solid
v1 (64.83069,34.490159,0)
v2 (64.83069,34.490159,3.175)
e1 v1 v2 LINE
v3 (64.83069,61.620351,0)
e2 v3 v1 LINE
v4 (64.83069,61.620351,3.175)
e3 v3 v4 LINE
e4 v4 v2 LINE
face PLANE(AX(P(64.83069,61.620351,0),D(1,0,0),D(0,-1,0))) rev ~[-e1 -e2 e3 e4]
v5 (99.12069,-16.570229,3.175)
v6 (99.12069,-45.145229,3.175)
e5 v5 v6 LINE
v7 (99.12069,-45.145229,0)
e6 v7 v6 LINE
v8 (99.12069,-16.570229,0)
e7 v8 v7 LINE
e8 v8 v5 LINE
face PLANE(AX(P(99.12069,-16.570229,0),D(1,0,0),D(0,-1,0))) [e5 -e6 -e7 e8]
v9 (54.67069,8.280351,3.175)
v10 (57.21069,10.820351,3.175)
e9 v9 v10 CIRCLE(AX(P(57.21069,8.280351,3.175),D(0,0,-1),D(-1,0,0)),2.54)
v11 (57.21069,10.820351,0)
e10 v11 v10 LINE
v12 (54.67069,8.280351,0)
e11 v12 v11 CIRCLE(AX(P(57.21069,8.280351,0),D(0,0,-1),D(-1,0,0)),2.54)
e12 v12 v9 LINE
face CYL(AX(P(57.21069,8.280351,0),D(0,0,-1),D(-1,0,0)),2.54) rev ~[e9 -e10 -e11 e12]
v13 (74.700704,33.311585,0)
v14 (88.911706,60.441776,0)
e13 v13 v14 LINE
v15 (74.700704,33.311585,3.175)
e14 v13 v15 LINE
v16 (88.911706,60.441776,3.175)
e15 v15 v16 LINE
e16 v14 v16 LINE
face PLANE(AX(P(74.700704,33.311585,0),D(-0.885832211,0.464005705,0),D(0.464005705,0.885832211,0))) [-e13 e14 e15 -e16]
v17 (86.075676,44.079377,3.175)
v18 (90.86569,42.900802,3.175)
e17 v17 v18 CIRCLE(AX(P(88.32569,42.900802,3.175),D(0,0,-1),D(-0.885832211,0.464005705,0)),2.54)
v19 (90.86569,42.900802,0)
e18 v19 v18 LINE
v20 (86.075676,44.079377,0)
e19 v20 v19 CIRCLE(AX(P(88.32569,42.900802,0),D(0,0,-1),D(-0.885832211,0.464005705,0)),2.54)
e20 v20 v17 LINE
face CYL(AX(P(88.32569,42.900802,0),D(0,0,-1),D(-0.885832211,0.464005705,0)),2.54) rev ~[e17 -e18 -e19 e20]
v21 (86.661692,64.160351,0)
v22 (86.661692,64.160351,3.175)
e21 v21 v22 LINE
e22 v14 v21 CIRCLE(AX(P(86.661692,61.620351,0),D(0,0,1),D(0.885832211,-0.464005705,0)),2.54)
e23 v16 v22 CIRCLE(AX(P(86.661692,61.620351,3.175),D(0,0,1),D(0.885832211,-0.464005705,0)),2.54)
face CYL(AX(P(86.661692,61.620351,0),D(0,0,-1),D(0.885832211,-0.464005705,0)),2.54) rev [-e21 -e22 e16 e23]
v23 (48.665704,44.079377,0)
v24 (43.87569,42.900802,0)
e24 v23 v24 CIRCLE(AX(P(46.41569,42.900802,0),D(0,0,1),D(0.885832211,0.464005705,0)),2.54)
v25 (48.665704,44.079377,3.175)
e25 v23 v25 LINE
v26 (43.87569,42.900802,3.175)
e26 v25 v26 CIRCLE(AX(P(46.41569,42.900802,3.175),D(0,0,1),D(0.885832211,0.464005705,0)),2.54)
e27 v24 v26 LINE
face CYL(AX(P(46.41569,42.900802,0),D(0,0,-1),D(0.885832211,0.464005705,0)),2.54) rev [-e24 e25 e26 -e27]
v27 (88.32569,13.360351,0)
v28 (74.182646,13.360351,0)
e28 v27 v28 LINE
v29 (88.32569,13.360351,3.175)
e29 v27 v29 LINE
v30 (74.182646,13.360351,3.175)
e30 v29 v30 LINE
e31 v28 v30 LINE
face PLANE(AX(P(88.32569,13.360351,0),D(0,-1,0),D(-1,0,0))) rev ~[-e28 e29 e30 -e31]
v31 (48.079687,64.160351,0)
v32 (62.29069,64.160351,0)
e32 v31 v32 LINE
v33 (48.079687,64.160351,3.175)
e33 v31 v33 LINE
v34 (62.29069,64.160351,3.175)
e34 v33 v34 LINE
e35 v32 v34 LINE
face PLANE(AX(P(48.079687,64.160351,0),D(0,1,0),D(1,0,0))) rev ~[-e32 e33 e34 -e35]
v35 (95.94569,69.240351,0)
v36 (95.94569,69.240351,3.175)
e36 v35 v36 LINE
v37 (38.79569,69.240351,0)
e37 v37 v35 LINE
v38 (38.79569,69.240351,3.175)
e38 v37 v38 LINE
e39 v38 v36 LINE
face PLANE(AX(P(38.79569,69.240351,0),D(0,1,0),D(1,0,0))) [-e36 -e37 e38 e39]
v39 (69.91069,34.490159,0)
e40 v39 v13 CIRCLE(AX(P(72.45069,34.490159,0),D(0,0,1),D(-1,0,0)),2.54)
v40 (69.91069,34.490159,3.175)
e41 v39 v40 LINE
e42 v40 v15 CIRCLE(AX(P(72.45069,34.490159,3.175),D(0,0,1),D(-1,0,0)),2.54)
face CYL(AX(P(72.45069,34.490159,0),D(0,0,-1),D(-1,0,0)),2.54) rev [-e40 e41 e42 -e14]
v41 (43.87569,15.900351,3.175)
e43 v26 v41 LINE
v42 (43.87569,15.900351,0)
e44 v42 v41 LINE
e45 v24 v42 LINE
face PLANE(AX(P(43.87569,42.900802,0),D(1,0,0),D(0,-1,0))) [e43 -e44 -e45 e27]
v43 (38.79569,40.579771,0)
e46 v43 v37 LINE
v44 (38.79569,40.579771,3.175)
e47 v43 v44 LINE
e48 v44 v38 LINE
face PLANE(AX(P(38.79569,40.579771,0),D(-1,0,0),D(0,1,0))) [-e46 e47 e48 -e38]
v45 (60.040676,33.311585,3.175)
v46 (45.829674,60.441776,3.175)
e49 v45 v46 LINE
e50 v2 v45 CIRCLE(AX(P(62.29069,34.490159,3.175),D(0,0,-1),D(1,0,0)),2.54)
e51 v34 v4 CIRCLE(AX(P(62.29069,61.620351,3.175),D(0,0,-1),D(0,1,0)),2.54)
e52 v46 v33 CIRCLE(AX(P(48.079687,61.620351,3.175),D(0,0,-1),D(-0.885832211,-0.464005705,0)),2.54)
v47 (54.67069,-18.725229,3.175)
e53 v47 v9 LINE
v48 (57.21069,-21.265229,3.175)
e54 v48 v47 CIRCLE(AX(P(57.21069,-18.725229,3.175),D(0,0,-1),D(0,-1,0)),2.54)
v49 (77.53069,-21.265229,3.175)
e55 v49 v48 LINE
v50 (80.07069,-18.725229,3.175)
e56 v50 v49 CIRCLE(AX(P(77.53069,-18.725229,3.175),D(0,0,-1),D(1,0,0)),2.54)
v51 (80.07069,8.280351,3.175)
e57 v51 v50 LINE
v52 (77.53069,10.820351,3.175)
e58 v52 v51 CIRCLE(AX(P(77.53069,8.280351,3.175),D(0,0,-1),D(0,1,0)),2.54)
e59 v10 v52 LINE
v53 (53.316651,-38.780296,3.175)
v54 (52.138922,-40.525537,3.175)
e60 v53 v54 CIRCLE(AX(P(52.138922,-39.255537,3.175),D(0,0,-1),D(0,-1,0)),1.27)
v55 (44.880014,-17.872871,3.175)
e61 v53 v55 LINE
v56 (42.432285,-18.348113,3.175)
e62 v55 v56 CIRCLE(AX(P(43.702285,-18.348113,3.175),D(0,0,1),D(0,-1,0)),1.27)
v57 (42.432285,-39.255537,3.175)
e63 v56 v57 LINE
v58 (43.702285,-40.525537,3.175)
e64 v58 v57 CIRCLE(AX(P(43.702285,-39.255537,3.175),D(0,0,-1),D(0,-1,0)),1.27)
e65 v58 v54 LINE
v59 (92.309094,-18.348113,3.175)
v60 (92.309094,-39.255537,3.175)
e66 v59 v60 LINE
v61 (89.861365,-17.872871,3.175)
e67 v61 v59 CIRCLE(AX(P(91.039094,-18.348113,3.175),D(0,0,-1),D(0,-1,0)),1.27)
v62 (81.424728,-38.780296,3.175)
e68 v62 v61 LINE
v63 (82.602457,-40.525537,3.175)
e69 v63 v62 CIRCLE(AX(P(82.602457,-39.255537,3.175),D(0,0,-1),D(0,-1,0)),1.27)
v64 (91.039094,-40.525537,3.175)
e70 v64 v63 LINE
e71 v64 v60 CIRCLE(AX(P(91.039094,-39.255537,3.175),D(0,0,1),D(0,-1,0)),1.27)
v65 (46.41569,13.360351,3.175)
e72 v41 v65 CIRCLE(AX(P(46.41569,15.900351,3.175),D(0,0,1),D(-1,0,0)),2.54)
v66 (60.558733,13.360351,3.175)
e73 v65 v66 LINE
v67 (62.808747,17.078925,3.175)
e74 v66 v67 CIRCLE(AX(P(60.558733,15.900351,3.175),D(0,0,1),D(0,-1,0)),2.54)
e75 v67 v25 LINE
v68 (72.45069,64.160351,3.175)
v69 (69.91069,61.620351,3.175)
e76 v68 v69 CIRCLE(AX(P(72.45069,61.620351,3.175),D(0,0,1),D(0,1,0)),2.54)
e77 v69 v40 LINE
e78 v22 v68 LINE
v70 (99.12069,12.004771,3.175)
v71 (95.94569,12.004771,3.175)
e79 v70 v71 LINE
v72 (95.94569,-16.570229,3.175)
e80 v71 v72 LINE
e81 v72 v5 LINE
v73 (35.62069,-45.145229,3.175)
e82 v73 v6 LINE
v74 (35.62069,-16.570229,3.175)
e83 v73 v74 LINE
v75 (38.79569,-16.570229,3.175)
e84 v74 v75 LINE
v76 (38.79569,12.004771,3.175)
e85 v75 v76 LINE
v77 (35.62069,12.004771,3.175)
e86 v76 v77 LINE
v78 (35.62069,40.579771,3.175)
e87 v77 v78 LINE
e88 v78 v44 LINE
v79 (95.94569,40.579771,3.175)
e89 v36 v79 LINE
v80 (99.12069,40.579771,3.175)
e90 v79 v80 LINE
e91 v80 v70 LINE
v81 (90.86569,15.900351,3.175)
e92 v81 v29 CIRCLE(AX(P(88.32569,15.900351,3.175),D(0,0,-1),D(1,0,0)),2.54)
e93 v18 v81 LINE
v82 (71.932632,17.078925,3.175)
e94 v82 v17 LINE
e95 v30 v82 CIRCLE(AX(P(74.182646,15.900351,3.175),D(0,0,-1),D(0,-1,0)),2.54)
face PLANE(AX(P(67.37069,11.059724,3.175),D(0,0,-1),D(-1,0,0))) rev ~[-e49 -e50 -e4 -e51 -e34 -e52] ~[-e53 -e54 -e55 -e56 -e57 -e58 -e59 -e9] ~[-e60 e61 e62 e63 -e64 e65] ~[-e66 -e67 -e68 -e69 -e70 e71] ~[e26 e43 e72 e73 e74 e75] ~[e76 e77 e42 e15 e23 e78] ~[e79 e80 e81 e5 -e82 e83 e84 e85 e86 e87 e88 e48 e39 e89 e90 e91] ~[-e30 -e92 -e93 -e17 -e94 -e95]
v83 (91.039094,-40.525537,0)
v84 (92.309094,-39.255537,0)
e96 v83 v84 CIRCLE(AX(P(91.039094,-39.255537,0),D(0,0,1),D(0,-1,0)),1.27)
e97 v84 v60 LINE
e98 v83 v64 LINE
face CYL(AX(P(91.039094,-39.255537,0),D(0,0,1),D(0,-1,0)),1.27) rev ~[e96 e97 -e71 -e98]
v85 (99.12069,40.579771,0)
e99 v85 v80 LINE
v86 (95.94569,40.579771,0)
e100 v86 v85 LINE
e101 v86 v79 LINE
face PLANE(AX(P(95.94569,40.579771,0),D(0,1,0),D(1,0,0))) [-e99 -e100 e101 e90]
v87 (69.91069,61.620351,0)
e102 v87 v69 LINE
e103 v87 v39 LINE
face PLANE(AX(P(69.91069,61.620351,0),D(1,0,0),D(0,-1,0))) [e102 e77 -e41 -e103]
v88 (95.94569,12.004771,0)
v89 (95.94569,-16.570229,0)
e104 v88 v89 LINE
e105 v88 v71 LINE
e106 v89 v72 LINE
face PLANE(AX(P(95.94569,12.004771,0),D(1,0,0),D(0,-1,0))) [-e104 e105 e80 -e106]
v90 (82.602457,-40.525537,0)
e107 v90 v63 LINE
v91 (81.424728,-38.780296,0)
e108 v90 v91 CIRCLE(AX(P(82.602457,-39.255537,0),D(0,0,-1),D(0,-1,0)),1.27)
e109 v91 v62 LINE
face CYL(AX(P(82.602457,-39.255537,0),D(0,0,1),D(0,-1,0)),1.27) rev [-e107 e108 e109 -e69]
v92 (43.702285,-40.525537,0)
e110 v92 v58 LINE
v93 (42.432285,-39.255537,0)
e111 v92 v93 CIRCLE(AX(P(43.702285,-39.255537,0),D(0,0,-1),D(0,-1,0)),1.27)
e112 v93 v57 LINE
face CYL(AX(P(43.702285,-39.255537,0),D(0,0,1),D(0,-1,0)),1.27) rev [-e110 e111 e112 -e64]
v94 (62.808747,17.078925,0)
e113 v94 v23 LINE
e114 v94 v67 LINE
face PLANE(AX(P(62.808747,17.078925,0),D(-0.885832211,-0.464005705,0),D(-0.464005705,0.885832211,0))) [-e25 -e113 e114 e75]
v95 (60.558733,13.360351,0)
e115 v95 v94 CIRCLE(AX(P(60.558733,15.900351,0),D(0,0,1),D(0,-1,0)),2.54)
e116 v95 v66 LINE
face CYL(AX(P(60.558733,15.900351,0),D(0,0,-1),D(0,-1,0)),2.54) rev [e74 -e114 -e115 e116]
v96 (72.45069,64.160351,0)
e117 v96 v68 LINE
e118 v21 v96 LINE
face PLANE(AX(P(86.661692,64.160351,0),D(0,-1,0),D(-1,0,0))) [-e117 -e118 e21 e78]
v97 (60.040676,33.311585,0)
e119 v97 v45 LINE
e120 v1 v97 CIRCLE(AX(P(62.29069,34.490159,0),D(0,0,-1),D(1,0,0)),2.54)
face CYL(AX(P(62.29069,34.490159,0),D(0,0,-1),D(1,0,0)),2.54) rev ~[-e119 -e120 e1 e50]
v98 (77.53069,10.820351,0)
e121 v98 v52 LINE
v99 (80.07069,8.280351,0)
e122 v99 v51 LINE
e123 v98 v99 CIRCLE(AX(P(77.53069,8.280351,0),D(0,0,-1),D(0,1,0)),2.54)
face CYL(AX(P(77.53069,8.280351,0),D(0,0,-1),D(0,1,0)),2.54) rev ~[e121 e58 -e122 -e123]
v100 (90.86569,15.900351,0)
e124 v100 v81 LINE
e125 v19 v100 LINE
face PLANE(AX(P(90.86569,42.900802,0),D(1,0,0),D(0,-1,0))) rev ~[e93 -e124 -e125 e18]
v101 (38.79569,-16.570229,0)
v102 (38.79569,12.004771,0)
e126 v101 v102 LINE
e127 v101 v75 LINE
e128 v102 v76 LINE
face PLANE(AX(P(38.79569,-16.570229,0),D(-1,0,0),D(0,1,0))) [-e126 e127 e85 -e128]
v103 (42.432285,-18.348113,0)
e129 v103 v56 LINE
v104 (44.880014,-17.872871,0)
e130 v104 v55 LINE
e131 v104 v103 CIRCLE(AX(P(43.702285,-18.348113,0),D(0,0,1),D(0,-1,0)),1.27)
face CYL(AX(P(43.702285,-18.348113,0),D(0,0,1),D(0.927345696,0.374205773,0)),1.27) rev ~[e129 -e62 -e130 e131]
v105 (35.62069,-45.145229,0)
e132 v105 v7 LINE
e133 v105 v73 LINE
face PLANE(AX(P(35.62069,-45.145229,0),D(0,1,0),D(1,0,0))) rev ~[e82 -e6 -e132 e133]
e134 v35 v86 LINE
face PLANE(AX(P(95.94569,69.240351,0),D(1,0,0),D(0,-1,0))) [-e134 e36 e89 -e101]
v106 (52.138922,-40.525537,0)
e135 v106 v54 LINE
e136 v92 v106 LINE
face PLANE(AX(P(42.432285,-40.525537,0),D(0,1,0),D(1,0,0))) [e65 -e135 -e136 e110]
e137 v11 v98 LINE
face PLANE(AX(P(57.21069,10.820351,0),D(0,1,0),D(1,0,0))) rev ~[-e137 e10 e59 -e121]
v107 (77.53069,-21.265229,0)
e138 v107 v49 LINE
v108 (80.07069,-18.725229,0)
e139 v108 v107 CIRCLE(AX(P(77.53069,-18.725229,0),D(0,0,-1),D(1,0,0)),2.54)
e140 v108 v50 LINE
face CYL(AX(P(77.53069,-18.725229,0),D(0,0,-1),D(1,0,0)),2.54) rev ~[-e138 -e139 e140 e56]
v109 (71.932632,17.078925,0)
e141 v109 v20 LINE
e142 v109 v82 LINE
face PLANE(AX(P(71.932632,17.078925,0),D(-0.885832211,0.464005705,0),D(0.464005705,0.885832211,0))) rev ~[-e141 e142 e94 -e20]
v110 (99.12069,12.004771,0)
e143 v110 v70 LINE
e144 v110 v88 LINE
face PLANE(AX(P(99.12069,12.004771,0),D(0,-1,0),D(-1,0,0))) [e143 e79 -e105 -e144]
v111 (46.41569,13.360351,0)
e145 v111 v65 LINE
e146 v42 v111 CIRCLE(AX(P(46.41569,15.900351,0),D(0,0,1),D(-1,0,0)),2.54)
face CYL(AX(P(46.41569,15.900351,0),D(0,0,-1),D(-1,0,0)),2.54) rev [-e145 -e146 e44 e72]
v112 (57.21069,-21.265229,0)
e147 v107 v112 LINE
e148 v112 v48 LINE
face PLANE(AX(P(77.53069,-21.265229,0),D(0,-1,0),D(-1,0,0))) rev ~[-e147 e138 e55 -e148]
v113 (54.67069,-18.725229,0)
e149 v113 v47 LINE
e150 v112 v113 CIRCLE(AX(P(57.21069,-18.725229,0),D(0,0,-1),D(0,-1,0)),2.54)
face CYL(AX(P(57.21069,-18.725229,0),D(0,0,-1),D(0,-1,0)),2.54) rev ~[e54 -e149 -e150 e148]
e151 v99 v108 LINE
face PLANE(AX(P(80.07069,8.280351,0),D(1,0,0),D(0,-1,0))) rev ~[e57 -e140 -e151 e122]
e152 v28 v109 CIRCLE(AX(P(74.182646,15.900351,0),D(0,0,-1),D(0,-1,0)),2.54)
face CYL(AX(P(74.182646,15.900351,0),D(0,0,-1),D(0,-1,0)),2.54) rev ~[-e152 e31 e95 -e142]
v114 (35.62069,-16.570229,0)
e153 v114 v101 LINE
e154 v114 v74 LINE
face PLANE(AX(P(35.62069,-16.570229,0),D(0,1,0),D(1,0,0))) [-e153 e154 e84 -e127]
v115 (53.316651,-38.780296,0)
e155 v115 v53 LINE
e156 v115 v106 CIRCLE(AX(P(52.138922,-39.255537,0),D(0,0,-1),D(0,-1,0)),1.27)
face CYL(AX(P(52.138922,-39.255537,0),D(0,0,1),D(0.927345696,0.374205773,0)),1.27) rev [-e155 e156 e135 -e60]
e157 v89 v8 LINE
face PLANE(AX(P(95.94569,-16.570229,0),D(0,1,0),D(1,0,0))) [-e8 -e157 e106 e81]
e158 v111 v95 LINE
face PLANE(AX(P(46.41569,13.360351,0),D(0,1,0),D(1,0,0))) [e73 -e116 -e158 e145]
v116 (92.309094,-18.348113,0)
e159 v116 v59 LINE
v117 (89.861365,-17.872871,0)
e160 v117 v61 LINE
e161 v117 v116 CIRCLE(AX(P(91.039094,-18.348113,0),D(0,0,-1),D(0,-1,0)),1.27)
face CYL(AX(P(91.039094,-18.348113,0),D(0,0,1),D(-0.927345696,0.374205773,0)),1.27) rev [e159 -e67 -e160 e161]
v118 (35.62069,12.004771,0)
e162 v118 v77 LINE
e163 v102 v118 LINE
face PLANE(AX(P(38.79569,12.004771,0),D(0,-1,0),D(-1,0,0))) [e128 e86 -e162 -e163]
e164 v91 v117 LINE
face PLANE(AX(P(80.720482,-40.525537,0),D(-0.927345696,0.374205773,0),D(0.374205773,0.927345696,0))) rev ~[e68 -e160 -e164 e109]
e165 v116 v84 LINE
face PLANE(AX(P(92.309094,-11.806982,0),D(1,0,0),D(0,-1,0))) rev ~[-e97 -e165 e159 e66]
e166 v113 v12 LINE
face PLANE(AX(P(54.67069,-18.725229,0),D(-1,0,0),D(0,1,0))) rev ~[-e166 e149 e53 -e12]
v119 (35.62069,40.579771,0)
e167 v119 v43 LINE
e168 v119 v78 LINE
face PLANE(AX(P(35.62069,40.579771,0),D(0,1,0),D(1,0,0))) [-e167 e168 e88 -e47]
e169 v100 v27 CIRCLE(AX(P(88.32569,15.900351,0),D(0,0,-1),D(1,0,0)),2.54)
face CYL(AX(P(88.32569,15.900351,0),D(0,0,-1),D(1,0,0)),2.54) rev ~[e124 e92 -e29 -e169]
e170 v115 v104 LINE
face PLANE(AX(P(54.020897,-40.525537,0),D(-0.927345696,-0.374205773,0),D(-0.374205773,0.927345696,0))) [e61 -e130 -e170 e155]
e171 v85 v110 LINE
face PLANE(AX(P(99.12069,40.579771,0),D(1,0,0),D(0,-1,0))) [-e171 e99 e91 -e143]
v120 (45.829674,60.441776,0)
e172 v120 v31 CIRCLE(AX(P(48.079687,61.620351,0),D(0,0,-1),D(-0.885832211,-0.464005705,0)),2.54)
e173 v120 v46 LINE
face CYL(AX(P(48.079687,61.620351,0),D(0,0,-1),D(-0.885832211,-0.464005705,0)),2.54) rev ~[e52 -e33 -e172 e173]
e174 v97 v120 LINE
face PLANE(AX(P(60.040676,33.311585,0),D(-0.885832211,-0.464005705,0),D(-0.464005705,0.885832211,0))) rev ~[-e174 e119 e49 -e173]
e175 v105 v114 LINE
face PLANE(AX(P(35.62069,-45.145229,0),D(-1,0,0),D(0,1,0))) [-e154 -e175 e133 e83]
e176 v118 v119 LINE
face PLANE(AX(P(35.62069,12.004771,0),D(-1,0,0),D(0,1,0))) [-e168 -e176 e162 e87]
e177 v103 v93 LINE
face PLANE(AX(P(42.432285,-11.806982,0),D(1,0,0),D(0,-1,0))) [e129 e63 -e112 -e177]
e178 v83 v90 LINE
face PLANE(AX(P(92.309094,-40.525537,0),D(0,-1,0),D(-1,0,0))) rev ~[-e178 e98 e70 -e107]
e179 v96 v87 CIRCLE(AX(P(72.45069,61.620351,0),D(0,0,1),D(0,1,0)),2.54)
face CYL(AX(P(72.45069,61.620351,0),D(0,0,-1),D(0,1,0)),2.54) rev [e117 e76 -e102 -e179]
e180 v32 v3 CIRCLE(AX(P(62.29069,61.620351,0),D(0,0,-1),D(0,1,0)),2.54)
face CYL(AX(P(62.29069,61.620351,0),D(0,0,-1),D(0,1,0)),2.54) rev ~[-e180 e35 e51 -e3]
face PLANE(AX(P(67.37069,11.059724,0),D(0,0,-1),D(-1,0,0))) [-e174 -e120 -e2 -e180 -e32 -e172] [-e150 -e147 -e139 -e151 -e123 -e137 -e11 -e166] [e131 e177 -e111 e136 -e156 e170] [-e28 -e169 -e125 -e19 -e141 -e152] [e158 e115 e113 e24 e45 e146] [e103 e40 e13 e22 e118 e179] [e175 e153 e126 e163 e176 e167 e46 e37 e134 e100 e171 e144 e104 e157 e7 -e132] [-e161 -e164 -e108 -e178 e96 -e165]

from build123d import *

# Parameters (mm, degrees)
BOSS_EXTRUDE1_DEPTH = 3.175
FILLET1_R           = 1.27


with BuildPart() as part:
    # Sketch1 → Boss-Extrude1 (new body)
    with BuildSketch(Plane.XY):
        Polygon((35.620689733, 40.579771036), (38.795689733, 40.579771036), (38.795689733, 69.2403508), (95.945689733, 69.2403508), (95.945689733, 40.579771036), (99.120689733, 40.579771036), (99.120689733, 12.004771036), (95.945689733, 12.004771036), (95.945689733, -16.570228964), (99.120689733, -16.570228964), (99.120689733, -45.145228964), (95.945689733, -45.145228964), (38.795689733, -45.145228964), (35.620689733, -45.145228964), (35.620689733, -16.570228964), (38.795689733, -16.570228964), (38.795689733, 12.004771036), (35.620689733, 12.004771036), align=None)
        with BuildLine():
            Line((48.079687467, 64.1603508), (62.290689733, 64.1603508))
            ThreePointArc((62.290689733, 64.1603508), (64.086740957, 63.416402024), (64.830689733, 61.6203508))
            Line((64.830689733, 61.6203508), (64.830689733, 34.490159477))
            ThreePointArc((64.830689733, 34.490159477), (62.89755253, 32.023721246), (60.040675918, 33.311584986))
            Line((60.040675918, 33.311584986), (45.829673652, 60.441776309))
            ThreePointArc((45.829673652, 60.441776309), (45.90653547, 62.935269199), (48.079687467, 64.1603508))
        make_face(mode=Mode.SUBTRACT)
        with BuildLine():
            Line((69.910689733, 61.6203508), (69.910689733, 34.490159477))
            ThreePointArc((69.910689733, 34.490159477), (71.843826936, 32.023721246), (74.700703548, 33.311584986))
            Line((74.700703548, 33.311584986), (88.911705815, 60.441776309))
            ThreePointArc((88.911705815, 60.441776309), (88.834843997, 62.935269199), (86.661691999, 64.1603508))
            Line((86.661691999, 64.1603508), (72.450689733, 64.1603508))
            ThreePointArc((72.450689733, 64.1603508), (70.654638509, 63.416402024), (69.910689733, 61.6203508))
        make_face(mode=Mode.SUBTRACT)
        with BuildLine():
            Line((43.875689733, 42.900802499), (43.875689733, 15.9003508))
            ThreePointArc((43.875689733, 15.9003508), (44.619638509, 14.104299576), (46.415689733, 13.3603508))
            Line((46.415689733, 13.3603508), (60.558733389, 13.3603508))
            ThreePointArc((60.558733389, 13.3603508), (62.731885387, 14.585432401), (62.808747205, 17.078925291))
            Line((62.808747205, 17.078925291), (48.665703548, 44.07937699))
            ThreePointArc((48.665703548, 44.07937699), (45.808826936, 45.36724073), (43.875689733, 42.900802499))
        make_face(mode=Mode.SUBTRACT)
        with BuildLine():
            Line((71.932632262, 17.078925291), (86.075675918, 44.07937699))
            ThreePointArc((86.075675918, 44.07937699), (88.93255253, 45.36724073), (90.865689733, 42.900802499))
            Line((90.865689733, 42.900802499), (90.865689733, 15.9003508))
            ThreePointArc((90.865689733, 15.9003508), (90.121740957, 14.104299576), (88.325689733, 13.3603508))
            Line((88.325689733, 13.3603508), (74.182646077, 13.3603508))
            ThreePointArc((74.182646077, 13.3603508), (72.00949408, 14.585432401), (71.932632262, 17.078925291))
        make_face(mode=Mode.SUBTRACT)
        with BuildLine():
            Line((57.210689733, 10.8203508), (77.530689733, 10.8203508))
            ThreePointArc((77.530689733, 10.8203508), (79.326740957, 10.076402024), (80.070689733, 8.2803508))
            Line((80.070689733, 8.2803508), (80.070689733, -18.725228972))
            ThreePointArc((80.070689733, -18.725228972), (79.326740957, -20.521280196), (77.530689733, -21.265228972))
            Line((77.530689733, -21.265228972), (57.210689733, -21.265228972))
            ThreePointArc((57.210689733, -21.265228972), (55.414638509, -20.521280196), (54.670689733, -18.725228972))
            Line((54.670689733, -18.725228972), (54.670689733, 8.2803508))
            ThreePointArc((54.670689733, 8.2803508), (55.414638509, 10.076402024), (57.210689733, 10.8203508))
        make_face(mode=Mode.SUBTRACT)
        Polygon((42.432285336, -11.806981605), (42.432285336, -40.525537031), (54.020897102, -40.525537031), align=None, mode=Mode.SUBTRACT)
        Polygon((92.30909413, -40.525537031), (80.720482364, -40.525537031), (92.30909413, -11.806981605), align=None, mode=Mode.SUBTRACT)
    extrude(amount=BOSS_EXTRUDE1_DEPTH)

    # Fillet1
    fillet1_edges = [part.edges().sort_by_distance(p)[0] for p in [
        (54.020897102, -40.525537031, 1.5875),
        (42.432285336, -11.806981605, 1.5875),
        (42.432285336, -40.525537031, 1.5875),
        (92.30909413, -40.525537031, 1.5875),
        (92.30909413, -11.806981605, 1.5875),
        (80.720482364, -40.525537031, 1.5875),
    ]]
    fillet(fillet1_edges, radius=FILLET1_R)


solid = part.part
